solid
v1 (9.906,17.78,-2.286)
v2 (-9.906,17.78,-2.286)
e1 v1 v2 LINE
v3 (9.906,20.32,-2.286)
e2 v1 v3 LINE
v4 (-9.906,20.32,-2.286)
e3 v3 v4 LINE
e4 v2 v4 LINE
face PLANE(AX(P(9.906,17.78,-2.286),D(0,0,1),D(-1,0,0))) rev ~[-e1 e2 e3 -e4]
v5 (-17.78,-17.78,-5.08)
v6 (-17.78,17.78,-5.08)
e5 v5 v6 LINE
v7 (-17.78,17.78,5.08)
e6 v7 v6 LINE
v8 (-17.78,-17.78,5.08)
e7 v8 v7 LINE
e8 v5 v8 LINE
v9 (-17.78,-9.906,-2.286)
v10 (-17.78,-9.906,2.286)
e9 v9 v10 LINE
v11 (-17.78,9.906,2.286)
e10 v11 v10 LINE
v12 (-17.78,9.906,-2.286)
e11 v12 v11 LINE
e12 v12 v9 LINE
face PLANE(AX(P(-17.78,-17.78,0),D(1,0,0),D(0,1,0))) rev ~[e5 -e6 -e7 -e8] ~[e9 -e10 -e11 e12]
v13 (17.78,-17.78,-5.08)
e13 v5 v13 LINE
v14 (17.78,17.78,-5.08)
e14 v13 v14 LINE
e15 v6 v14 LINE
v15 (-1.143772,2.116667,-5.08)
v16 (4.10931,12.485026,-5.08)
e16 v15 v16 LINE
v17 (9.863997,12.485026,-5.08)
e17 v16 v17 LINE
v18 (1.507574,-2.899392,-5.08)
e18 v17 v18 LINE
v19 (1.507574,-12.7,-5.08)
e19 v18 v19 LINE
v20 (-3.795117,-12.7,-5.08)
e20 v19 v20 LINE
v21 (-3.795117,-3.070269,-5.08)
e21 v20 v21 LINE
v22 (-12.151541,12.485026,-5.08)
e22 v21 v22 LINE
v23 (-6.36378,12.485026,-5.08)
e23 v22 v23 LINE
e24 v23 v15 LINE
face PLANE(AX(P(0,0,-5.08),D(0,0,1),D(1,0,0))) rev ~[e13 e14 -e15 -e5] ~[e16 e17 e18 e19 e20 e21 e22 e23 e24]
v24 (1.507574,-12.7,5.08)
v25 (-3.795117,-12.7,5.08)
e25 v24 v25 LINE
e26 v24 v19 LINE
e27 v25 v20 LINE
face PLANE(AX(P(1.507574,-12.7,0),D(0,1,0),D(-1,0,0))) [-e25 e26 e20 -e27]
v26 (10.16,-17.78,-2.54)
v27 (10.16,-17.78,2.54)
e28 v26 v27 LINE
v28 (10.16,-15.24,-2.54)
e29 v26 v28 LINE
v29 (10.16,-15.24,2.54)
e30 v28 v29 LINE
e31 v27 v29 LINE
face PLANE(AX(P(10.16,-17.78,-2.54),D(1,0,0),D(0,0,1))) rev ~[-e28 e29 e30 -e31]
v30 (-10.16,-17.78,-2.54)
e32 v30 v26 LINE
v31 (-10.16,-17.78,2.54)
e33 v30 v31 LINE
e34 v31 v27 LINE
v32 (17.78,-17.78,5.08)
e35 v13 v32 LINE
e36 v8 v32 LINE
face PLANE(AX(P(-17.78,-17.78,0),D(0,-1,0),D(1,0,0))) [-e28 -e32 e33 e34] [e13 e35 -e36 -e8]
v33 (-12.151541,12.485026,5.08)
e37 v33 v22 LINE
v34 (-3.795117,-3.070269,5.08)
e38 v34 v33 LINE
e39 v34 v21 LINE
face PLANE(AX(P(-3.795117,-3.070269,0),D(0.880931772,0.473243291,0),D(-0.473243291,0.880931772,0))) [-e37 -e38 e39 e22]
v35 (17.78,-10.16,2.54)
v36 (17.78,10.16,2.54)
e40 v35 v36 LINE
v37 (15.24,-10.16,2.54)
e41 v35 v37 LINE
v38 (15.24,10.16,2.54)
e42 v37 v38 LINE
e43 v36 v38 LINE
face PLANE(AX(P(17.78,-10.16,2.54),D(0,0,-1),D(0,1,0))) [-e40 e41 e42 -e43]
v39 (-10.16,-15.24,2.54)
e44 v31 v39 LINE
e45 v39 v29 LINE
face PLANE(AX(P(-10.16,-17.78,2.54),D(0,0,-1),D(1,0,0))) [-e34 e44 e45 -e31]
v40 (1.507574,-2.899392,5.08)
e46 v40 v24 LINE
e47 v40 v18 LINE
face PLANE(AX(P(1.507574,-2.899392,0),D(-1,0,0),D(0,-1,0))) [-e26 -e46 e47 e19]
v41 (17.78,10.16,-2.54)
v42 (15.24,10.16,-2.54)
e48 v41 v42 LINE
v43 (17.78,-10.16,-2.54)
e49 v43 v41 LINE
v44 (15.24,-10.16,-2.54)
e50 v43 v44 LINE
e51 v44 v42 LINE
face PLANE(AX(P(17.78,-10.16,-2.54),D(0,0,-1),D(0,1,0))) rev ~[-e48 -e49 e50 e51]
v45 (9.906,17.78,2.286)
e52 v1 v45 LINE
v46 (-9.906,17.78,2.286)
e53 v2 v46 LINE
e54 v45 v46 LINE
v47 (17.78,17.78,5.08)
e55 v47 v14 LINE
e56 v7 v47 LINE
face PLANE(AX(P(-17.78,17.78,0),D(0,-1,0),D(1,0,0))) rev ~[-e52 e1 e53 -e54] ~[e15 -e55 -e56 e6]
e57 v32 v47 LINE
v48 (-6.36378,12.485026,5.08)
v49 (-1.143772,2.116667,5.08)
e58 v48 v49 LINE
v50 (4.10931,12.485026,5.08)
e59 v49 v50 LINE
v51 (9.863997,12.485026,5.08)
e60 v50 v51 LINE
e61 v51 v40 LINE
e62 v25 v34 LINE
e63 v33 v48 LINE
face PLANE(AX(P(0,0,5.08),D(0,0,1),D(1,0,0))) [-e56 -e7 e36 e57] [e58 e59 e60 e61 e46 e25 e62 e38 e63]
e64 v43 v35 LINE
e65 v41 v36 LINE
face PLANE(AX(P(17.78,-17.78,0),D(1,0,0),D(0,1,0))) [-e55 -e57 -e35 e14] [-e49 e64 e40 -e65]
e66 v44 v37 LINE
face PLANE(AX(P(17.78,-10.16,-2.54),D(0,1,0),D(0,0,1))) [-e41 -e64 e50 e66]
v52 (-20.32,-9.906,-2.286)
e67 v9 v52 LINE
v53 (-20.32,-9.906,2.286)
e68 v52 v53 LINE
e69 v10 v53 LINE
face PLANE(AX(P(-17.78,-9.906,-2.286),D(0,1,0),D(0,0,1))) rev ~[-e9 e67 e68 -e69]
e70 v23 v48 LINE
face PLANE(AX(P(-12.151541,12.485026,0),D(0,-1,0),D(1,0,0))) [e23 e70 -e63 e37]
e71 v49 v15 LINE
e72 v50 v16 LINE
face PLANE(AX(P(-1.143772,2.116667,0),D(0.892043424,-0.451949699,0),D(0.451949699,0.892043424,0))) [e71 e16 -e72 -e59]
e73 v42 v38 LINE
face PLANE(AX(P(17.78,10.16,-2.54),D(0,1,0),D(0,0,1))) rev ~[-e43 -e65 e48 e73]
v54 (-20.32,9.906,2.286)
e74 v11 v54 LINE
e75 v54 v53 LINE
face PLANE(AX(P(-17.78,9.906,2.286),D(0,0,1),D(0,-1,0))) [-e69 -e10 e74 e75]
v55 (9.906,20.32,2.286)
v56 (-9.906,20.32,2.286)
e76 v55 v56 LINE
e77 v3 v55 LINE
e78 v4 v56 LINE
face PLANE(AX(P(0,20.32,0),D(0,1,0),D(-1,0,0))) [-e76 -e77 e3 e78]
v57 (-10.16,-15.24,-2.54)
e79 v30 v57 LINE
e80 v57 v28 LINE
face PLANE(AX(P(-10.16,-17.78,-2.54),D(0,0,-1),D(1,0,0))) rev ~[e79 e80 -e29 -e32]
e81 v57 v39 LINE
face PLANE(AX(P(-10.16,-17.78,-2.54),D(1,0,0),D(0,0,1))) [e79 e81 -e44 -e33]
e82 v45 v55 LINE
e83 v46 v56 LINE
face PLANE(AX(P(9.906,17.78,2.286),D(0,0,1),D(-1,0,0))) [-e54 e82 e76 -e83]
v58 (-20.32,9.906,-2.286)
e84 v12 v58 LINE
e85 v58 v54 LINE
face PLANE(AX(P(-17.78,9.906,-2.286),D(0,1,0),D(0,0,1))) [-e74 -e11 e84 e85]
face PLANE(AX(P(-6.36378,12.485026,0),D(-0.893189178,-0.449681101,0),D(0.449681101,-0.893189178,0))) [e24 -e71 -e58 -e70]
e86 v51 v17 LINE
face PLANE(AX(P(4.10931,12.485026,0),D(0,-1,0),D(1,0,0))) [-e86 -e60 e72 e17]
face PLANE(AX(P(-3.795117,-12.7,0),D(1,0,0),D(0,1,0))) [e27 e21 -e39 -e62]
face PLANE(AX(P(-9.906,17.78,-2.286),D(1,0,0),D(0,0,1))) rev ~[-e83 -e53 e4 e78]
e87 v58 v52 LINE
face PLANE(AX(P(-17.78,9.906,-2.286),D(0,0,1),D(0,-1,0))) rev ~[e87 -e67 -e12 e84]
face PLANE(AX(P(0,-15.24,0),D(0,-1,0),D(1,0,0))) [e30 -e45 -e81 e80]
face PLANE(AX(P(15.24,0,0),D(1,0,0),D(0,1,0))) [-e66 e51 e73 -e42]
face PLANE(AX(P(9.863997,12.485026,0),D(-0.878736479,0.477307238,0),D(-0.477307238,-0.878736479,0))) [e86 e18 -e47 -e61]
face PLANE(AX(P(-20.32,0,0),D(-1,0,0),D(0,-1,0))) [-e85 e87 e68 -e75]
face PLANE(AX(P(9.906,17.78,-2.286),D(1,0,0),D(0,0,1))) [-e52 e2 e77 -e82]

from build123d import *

# Parameters (mm, degrees)
F0_W     = 35.56
F0_H     = 35.56
F1_DEPTH = 5.08
F2_W     = 19.812
F2_H     = 4.572
F3_DEPTH = 2.54
F4_W     = 19.812
F4_H     = 4.572
F5_DEPTH = 2.54
F6_W     = 20.32
F6_H     = 5.08
F7_DEPTH = 2.54
F8_W     = 20.32
F8_H     = 5.08
F9_DEPTH = 2.54


with BuildPart() as f1:
    # F0 (on Top) → F1 (new body, symmetric)
    with BuildSketch(Plane.XY):
        Rectangle(F0_W, F0_H)
        Polygon((-6.3637803819, 12.4850260417), (-1.1437717014, 2.1166666667), (4.1093098958, 12.4850260417), (9.8639973958, 12.4850260417), (1.5075737847, -2.8993923611), (1.5075737847, -12.7), (-3.7951171875, -12.7), (-3.7951171875, -3.0702690972), (-12.1515407986, 12.4850260417), align=None, mode=Mode.SUBTRACT)
    extrude(amount=F1_DEPTH, both=True)

    # F2 (on face) → F3 (join)
    with BuildSketch(Plane(origin=(0, 17.78, 0), x_dir=(-1, 0, 0), z_dir=(0, 1, 0))):
        Rectangle(F2_W, F2_H)
    extrude(amount=F3_DEPTH)

    # F4 (on face) → F5 (join)
    with BuildSketch(Plane(origin=(-17.78, 0, 0), x_dir=(0, -1, 0), z_dir=(-1, 0, 0))):
        Rectangle(F4_W, F4_H)
    extrude(amount=F5_DEPTH)

    # F6 (on face) → F7 (cut)
    with BuildSketch(Plane.XZ.offset(17.78)):
        Rectangle(F6_W, F6_H)
    extrude(amount=-F7_DEPTH, mode=Mode.SUBTRACT)

    # F8 (on face) → F9 (cut)
    with BuildSketch(Plane.YZ.offset(17.78)):
        Rectangle(F8_W, F8_H)
    extrude(amount=-F9_DEPTH, mode=Mode.SUBTRACT)


solid = f1.part
